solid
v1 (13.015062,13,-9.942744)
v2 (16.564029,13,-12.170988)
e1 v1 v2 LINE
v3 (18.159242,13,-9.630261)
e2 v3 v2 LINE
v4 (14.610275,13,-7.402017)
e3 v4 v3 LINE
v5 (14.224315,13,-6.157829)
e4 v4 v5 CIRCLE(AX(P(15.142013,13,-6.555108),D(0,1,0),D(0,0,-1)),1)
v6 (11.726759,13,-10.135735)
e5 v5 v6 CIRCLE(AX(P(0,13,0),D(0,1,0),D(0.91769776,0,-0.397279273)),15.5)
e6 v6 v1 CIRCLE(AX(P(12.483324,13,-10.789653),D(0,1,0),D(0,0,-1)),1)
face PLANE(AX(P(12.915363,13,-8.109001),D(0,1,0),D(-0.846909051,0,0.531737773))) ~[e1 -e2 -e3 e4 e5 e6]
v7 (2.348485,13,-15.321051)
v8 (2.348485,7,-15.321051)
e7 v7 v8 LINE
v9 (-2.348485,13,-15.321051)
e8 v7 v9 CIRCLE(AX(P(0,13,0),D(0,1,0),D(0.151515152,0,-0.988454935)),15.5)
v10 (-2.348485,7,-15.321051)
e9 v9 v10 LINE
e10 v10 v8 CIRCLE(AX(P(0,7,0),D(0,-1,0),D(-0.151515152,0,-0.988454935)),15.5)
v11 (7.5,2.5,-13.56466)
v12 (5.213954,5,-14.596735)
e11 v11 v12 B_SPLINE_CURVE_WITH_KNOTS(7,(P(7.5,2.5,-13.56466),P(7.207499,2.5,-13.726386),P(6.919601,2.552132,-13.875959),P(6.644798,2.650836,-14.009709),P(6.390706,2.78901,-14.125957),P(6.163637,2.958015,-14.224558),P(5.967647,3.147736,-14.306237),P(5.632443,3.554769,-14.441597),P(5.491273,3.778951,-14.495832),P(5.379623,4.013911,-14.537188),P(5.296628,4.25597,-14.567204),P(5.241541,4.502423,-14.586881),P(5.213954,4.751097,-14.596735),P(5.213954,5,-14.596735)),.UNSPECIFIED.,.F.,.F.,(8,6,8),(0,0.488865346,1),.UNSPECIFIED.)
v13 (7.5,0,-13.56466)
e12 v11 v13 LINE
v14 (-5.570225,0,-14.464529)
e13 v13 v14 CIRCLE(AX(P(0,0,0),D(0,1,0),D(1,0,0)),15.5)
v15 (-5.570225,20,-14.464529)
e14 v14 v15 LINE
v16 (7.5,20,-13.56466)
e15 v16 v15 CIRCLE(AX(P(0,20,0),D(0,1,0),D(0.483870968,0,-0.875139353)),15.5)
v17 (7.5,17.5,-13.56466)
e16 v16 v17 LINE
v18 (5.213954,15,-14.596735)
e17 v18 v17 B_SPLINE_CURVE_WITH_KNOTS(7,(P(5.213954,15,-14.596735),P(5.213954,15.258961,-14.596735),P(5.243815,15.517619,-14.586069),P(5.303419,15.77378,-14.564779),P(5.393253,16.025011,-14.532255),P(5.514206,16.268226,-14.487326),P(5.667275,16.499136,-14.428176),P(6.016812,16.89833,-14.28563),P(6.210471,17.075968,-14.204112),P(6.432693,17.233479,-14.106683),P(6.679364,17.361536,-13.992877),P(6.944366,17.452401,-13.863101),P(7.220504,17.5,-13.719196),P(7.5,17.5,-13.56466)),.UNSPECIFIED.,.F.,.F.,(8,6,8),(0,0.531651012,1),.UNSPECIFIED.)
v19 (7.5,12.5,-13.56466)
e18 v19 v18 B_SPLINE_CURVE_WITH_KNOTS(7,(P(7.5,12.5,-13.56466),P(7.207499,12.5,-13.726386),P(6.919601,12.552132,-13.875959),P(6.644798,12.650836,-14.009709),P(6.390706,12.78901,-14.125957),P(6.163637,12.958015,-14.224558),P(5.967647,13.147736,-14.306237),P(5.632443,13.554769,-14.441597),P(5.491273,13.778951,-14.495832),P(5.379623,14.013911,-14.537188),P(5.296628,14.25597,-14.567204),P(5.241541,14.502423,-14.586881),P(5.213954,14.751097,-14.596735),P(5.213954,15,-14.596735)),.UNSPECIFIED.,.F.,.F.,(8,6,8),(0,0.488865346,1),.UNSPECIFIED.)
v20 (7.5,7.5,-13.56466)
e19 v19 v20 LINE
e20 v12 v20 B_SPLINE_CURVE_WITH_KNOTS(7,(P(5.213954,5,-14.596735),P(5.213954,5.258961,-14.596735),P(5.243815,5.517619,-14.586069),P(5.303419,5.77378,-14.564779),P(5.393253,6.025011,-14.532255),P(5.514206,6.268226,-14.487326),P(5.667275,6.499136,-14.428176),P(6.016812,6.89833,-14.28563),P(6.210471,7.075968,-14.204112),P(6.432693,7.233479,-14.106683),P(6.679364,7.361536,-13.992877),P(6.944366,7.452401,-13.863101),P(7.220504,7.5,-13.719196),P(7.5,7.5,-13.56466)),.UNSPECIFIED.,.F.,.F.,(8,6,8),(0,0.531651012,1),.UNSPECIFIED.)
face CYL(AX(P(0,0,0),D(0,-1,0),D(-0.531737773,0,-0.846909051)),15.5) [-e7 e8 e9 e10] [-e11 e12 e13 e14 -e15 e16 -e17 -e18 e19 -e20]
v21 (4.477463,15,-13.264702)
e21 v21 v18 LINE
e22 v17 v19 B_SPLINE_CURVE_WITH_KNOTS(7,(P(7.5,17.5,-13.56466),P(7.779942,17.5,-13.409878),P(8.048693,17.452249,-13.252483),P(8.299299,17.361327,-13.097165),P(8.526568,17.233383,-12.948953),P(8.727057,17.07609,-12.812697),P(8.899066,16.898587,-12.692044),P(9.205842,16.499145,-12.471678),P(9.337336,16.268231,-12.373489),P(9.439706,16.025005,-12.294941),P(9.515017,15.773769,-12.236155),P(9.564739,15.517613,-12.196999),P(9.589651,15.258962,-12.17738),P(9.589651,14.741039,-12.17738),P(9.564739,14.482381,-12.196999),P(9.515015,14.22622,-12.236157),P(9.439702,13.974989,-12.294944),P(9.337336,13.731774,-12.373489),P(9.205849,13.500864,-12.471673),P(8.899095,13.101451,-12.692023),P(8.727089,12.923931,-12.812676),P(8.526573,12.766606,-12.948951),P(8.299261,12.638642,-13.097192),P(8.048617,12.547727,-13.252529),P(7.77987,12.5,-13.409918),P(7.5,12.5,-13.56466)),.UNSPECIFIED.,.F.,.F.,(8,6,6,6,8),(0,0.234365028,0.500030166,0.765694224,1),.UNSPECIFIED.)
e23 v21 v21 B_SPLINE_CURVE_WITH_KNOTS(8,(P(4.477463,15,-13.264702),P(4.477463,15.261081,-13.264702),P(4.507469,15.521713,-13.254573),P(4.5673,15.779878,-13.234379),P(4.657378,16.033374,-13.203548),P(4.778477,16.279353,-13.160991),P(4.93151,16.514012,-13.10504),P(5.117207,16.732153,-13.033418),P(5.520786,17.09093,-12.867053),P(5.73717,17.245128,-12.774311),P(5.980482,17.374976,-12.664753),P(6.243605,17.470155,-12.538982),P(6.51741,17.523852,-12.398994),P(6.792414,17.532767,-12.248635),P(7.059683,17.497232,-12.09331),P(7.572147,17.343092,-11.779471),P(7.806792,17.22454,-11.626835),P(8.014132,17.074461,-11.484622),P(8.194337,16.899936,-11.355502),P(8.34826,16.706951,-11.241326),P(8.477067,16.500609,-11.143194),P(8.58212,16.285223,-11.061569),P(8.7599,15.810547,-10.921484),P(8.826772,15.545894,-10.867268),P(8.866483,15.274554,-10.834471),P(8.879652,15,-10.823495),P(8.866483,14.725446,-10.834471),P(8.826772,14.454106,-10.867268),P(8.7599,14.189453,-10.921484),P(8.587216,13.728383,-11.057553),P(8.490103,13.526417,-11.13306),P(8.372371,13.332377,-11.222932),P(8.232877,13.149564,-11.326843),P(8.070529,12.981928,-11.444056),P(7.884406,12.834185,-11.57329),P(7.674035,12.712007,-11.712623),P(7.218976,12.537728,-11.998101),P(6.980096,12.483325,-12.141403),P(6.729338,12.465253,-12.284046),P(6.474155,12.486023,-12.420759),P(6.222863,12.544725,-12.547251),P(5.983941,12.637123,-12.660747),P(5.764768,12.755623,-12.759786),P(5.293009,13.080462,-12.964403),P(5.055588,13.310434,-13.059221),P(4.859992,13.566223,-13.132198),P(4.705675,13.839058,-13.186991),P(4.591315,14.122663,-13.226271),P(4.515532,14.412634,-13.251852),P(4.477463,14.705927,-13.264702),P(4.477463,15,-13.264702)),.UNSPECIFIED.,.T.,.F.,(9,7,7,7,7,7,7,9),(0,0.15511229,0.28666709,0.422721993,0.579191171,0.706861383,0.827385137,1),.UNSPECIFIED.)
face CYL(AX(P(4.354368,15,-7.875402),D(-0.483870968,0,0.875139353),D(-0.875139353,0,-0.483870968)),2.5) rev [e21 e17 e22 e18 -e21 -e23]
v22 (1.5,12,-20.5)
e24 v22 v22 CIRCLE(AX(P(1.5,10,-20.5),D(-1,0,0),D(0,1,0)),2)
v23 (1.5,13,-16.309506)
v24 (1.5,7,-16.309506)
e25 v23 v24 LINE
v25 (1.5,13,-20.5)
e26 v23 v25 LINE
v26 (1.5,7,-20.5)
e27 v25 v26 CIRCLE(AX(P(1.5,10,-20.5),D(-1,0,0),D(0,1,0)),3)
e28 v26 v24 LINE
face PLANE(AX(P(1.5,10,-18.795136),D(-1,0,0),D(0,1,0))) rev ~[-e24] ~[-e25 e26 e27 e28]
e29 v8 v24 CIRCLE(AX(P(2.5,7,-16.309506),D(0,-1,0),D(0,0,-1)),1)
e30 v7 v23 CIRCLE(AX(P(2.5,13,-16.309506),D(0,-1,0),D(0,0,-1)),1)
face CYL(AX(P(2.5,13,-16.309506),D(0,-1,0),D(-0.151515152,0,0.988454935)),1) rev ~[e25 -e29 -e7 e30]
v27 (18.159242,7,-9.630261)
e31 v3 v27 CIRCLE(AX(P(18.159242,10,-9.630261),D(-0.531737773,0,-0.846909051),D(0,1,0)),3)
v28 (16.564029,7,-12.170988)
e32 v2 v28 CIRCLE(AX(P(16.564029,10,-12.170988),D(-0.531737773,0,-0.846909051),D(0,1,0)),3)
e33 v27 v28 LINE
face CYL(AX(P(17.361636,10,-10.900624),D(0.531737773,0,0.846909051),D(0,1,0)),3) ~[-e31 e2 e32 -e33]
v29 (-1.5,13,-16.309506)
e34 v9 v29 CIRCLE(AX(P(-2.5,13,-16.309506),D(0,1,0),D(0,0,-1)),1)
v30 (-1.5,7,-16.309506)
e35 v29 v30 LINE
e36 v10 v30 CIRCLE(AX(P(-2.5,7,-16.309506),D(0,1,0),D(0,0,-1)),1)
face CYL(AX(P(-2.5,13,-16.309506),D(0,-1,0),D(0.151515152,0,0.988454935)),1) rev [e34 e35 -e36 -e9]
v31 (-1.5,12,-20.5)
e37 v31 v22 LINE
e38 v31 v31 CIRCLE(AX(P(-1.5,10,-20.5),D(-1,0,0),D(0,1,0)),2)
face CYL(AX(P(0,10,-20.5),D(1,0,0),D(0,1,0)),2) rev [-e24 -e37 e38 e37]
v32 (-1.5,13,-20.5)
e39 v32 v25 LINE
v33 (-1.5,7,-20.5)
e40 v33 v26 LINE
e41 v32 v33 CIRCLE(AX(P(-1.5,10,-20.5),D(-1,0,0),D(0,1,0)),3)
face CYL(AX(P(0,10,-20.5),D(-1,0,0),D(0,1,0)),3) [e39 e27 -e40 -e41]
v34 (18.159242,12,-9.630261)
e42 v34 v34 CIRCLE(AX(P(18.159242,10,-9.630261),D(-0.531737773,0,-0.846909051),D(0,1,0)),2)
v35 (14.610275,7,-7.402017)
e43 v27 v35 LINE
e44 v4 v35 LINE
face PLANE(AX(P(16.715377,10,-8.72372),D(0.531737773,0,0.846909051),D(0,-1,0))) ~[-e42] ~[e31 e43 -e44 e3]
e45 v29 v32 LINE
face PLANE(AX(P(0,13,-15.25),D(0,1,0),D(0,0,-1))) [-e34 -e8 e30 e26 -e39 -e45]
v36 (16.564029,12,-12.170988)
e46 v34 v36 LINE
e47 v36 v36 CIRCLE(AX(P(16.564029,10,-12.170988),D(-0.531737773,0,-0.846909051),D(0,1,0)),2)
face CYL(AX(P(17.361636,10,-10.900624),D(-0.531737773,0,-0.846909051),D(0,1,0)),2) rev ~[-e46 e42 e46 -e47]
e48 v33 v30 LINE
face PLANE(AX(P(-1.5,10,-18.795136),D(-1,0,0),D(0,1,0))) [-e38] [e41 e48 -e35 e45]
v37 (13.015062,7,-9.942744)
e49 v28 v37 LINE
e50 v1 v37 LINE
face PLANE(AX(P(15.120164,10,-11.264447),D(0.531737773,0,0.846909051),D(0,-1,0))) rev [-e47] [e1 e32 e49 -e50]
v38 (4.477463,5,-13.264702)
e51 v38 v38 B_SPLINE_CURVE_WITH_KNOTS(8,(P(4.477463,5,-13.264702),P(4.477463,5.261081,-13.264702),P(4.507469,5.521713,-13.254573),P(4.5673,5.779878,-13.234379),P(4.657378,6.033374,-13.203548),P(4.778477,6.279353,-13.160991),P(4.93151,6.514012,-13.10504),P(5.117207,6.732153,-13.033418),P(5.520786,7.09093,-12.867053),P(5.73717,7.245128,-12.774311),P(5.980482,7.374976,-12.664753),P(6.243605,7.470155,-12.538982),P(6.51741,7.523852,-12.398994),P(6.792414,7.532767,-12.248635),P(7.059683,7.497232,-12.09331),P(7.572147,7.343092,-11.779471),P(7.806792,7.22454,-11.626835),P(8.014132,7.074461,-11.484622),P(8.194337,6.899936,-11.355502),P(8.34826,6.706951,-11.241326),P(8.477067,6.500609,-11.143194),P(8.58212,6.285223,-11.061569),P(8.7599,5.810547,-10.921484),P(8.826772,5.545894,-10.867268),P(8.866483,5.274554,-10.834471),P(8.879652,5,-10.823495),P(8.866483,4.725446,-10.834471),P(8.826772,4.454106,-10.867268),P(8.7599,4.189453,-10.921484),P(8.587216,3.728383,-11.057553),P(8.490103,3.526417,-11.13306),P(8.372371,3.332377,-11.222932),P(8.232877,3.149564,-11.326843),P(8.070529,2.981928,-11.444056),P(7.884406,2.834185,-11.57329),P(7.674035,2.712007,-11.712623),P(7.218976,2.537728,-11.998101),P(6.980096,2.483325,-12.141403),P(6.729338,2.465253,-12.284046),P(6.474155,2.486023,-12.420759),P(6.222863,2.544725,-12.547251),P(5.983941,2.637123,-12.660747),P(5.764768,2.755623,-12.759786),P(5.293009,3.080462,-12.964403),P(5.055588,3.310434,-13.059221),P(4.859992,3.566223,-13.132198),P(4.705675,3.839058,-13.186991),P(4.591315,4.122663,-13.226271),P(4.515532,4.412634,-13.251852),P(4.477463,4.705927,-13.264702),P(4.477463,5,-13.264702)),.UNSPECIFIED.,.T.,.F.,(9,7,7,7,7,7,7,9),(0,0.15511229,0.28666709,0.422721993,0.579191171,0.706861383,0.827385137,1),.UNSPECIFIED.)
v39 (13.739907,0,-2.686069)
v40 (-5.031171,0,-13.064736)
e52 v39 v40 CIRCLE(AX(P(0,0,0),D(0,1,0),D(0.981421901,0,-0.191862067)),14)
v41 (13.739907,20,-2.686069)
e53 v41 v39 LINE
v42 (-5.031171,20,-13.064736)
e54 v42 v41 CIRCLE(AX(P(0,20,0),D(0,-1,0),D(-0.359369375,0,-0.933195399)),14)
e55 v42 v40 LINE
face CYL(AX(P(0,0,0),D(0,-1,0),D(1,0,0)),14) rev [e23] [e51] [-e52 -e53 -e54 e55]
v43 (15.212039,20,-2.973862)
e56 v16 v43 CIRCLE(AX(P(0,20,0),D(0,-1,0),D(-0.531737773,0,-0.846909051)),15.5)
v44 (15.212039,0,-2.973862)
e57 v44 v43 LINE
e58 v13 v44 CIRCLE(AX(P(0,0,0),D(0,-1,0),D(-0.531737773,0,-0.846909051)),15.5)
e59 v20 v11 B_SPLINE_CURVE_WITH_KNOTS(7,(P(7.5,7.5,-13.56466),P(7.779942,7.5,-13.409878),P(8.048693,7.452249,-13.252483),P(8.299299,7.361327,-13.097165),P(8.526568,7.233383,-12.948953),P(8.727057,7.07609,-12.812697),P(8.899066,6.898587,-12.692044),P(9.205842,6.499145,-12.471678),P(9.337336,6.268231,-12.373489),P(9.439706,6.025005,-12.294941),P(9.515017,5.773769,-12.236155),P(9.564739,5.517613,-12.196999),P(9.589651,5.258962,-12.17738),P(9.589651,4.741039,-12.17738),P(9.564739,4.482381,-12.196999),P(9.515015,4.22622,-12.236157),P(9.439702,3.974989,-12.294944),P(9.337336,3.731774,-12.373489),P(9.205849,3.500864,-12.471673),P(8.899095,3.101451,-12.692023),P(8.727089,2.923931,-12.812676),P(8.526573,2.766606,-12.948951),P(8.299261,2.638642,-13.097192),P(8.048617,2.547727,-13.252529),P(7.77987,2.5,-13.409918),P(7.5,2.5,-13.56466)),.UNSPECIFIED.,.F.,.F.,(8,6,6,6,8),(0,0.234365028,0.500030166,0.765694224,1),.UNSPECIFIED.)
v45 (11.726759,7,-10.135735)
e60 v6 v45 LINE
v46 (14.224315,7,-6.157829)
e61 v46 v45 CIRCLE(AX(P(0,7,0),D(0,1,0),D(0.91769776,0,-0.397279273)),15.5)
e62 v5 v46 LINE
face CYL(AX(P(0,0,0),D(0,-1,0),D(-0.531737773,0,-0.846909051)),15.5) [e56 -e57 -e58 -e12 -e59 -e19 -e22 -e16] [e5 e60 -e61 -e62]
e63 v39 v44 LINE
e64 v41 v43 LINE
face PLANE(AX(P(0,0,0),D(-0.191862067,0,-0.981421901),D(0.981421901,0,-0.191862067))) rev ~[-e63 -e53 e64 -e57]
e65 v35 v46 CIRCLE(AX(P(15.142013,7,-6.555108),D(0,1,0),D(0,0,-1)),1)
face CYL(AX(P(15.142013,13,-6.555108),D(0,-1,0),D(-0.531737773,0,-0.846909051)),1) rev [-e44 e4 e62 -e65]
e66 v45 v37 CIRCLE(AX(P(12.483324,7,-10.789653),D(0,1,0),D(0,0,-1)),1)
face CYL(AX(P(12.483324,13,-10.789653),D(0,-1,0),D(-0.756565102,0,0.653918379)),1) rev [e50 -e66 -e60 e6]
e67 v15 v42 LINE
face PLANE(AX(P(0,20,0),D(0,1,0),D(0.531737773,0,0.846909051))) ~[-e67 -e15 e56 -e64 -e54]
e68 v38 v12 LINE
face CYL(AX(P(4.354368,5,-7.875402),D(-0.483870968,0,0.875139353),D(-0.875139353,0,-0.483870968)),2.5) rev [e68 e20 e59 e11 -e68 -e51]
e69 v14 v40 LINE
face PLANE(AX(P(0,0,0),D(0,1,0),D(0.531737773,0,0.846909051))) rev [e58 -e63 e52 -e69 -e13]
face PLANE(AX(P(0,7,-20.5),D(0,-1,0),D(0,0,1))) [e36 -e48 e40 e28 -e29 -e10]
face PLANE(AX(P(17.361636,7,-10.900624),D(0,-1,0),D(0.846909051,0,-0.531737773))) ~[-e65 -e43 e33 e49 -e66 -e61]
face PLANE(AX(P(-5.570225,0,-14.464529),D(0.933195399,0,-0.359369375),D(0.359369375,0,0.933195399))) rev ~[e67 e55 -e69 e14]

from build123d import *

# Parameters (mm, degrees)
SKETCH2_R               = 15.5
SKETCH2_R_2             = 14
BOSS_EXTRUDE1_DEPTH     = 20
SKETCH3_OUTSIDE_W       = 42.638
SKETCH3_OUTSIDE_H       = 42.638
CUT_EXTRUDE1_DEPTH      = 21
SKETCH6_R               = 2
BOSS_EXTRUDE2_DEPTH     = 1.5
CUT_EXTRUDE4_DEPTH      = 21
CUT_EXTRUDE4_DEPTH_BACK = 10
SKETCH9_R               = 2.5
CUT_EXTRUDE5_DEPTH      = 10
FILLET1_R               = 1


with BuildPart() as part:
    # Sketch2 → Boss-Extrude1 (new body)
    with BuildSketch(Plane(origin=(0, 0, 0), x_dir=(1, 0, 0), z_dir=(0, 1, 0))):
        Circle(SKETCH2_R)
        Circle(SKETCH2_R_2, mode=Mode.SUBTRACT)
    boss_extrude1 = extrude(amount=BOSS_EXTRUDE1_DEPTH)

    # Sketch3 outside → Cut-Extrude1 (cut, through all)
    with BuildSketch(Plane(origin=(0, 20, 0), x_dir=(1, 0, 0), z_dir=(0, 1, 0))):
        Rectangle(SKETCH3_OUTSIDE_W, SKETCH3_OUTSIDE_H)
        with BuildLine():
            Line((0, 0), (7.5, 13.564659966))
            ThreePointArc((7.5, 13.564659966), (0, 15.5), (-7.5, 13.564659966))
            Line((-7.5, 13.564659966), (0, 0))
        make_face(mode=Mode.SUBTRACT)
    extrude(amount=-CUT_EXTRUDE1_DEPTH, mode=Mode.SUBTRACT)

    # Sketch6 → Boss-Extrude2 (add, symmetric)
    with BuildSketch(Plane(origin=(0, 7.5, 0), x_dir=(0, 1, 0), z_dir=(-1, 0, 0))):
        with BuildLine():
            Line((-0.5, 20.5), (-0.5, 15.25))
            Line((-0.5, 15.25), (5.5, 15.25))
            Line((5.5, 15.25), (5.5, 20.5))
            ThreePointArc((5.5, 20.5), (2.5, 23.5), (-0.5, 20.5))
        make_face()
        with Locations((2.5, 20.5)):
            Circle(SKETCH6_R, mode=Mode.SUBTRACT)
    boss_extrude2 = extrude(amount=BOSS_EXTRUDE2_DEPTH, both=True)

    # Mirror2: Boss-Extrude1, Boss-Extrude2 across plane
    add(boss_extrude1.mirror(Plane(origin=(0, 0, 0), x_dir=(-0.483870968, 0, 0.875139353), z_dir=(0.875139353, 0, 0.483870968))))
    add(boss_extrude2.mirror(Plane(origin=(0, 0, 0), x_dir=(-0.483870968, 0, 0.875139353), z_dir=(0.875139353, 0, 0.483870968))))

    # Sketch8 → Cut-Extrude4 (cut, two sides)
    with BuildSketch(Plane(origin=(0, 0, 0), x_dir=(1, 0, 0), z_dir=(0, 1, 0))) as cut_extrude4_sk:
        with BuildLine():
            Line((-5.570225317, 14.464528679), (0, 0))
            Line((0, 0), (15.212039463, 2.973862033))
            ThreePointArc((15.212039463, 2.973862033), (-7.5, -13.564659966), (-5.570225317, 14.464528679))
        make_face()
    extrude(amount=CUT_EXTRUDE4_DEPTH, mode=Mode.SUBTRACT)
    extrude(cut_extrude4_sk.sketch, amount=-CUT_EXTRUDE4_DEPTH_BACK, mode=Mode.SUBTRACT)

    # Sketch9 → Cut-Extrude5 (cut)
    with BuildSketch(Plane(origin=(4.354367679, 0, -7.875402257), x_dir=(-0.875139353, 0, -0.483870968), z_dir=(0.483870968, 0, -0.875139353))):
        with Locations((0, 15)):
            Circle(SKETCH9_R)
        with Locations((0, 5)):
            Circle(SKETCH9_R)
    extrude(amount=CUT_EXTRUDE5_DEPTH, mode=Mode.SUBTRACT)

    # Fillet1
    fillet1_edges = [part.edges().sort_by_distance(p)[0] for p in [
        (-1.5, 10, -15.427248621),
        (1.5, 10, -15.427248621),
        (13.863083148, 10, -6.932887251),
        (12.267869828, 10, -9.473614404),
    ]]
    fillet(fillet1_edges, radius=FILLET1_R)


solid = part.part
